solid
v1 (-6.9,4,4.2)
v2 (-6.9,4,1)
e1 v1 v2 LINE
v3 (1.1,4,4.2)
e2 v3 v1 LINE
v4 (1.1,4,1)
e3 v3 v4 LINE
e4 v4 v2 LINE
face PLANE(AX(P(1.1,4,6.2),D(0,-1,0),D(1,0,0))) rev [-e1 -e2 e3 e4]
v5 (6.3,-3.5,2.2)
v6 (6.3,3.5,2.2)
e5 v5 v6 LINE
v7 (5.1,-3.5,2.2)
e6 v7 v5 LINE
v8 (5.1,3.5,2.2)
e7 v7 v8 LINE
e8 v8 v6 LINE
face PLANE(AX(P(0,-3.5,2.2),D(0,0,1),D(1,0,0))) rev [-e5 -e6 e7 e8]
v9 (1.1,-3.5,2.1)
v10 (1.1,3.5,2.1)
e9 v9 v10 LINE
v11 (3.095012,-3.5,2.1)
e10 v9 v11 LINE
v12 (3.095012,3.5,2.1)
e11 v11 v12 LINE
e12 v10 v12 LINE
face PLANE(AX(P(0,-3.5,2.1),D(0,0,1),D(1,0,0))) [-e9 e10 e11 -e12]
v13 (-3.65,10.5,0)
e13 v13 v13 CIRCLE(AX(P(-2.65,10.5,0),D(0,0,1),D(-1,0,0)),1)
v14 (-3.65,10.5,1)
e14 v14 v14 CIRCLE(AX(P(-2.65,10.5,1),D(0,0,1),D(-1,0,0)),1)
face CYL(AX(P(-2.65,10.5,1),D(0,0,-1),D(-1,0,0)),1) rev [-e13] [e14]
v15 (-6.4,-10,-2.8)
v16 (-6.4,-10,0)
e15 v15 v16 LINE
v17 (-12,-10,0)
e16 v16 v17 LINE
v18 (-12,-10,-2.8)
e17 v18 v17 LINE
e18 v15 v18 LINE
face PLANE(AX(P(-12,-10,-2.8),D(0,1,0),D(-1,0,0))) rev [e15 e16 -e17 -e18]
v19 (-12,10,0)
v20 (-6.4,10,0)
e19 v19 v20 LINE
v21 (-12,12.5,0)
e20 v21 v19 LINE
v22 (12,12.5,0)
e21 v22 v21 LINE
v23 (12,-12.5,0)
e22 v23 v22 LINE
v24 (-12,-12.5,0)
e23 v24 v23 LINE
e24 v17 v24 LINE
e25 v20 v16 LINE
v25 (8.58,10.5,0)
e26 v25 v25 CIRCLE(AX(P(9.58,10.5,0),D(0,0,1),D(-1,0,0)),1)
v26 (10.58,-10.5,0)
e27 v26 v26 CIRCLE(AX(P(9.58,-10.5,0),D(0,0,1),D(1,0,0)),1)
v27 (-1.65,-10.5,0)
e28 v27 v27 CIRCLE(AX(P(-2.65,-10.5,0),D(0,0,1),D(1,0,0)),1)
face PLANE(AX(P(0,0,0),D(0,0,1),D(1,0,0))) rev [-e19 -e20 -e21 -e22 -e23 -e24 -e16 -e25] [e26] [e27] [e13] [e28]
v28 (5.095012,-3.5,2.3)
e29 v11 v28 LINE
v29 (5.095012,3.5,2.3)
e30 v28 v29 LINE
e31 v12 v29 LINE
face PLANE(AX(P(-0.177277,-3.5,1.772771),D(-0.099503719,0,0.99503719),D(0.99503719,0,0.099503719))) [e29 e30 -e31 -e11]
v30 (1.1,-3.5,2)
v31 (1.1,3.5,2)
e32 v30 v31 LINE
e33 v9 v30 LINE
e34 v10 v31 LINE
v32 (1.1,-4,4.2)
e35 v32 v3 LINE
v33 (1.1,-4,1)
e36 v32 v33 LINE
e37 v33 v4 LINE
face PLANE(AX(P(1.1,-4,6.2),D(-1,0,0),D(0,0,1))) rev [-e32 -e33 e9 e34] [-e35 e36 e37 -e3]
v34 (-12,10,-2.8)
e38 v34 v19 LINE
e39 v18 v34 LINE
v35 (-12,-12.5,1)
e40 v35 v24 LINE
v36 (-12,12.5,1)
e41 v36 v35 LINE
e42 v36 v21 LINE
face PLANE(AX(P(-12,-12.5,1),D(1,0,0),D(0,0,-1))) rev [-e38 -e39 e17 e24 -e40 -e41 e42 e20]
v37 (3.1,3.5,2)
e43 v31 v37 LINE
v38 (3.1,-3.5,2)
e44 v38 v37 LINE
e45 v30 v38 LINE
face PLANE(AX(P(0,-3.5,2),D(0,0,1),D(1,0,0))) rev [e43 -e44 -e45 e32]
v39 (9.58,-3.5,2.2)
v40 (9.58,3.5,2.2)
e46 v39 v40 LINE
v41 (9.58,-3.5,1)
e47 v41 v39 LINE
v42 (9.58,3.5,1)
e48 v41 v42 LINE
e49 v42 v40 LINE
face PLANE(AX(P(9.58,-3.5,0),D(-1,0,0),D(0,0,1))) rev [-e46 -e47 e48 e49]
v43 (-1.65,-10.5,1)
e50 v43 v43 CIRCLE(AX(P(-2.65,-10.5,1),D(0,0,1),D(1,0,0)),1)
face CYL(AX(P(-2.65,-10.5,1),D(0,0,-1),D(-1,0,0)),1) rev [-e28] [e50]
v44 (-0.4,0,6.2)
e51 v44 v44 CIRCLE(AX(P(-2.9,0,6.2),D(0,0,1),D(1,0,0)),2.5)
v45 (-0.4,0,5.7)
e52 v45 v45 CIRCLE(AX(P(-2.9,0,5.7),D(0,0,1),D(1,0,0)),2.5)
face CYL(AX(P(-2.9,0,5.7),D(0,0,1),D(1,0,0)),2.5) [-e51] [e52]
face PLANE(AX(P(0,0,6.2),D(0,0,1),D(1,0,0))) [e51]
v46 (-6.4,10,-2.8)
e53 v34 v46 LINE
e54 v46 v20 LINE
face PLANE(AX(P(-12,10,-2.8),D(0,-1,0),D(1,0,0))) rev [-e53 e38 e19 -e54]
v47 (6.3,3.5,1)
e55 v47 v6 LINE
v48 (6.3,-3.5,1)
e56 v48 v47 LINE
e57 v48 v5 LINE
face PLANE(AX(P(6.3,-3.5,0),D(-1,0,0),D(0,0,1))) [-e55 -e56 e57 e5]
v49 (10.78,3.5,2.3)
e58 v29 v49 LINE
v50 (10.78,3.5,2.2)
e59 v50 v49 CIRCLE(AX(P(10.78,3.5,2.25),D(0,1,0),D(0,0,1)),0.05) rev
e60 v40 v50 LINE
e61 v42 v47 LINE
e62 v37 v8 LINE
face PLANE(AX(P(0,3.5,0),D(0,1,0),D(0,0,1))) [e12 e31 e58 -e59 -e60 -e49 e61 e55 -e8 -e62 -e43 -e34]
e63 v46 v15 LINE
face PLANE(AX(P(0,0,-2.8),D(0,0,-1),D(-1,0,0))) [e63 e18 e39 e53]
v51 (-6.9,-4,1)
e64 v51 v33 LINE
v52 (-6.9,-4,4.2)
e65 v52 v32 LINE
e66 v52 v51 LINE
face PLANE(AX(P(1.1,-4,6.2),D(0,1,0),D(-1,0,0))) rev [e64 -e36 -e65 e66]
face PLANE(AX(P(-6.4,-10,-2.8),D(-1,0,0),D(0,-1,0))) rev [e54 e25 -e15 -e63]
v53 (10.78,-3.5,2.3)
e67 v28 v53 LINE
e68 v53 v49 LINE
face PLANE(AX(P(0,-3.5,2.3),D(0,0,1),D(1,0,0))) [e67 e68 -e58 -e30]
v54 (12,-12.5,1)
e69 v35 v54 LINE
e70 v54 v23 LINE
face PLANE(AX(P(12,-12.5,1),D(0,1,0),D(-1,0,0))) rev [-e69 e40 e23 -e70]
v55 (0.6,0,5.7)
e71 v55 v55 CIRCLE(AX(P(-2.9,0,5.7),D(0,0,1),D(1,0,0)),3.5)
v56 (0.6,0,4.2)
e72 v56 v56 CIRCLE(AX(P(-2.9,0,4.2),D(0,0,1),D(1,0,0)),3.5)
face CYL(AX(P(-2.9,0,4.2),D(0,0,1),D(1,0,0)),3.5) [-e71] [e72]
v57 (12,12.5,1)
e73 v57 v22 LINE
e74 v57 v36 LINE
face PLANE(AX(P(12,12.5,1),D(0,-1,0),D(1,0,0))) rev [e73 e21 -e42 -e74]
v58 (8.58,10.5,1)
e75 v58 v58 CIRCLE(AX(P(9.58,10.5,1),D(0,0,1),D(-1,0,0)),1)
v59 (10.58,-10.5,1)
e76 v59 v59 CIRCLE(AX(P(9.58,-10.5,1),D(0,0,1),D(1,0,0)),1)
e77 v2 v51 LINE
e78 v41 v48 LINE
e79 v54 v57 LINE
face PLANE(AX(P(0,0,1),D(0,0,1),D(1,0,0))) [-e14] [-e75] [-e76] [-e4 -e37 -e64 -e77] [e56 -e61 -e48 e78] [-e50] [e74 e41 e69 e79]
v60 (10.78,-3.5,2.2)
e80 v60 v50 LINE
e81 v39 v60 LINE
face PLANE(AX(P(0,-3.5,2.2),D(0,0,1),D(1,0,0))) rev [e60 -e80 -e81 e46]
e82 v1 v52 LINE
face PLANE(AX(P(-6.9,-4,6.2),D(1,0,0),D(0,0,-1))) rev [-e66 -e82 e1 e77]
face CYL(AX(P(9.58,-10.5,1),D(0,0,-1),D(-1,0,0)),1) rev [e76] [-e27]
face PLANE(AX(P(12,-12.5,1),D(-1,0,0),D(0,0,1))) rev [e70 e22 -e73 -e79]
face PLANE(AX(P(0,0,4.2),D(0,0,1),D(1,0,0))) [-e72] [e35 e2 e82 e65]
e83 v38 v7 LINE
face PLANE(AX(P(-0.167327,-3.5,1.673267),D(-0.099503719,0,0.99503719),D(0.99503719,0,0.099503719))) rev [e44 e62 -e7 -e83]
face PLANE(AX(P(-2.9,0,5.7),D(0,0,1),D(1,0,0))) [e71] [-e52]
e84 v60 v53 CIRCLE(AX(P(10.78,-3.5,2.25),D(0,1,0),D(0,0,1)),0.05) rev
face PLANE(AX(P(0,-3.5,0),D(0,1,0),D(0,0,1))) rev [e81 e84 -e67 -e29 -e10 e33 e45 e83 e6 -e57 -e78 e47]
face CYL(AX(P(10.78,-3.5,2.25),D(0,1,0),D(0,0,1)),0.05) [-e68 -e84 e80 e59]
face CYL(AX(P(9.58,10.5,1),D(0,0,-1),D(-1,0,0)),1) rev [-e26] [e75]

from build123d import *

# Parameters (mm, degrees)
CROQUIS1_W                   = 24
CROQUIS1_H                   = 25
CROQUIS1_R                   = 1
SALIENTE_EXTRUIR1_DEPTH      = 1
CROQUIS2_W                   = 8
CROQUIS2_H                   = 8
SALIENTE_EXTRUIR2_DEPTH      = 5.2
CROQUIS3_W                   = 8
CROQUIS3_H                   = 8
CROQUIS3_R                   = 3.5
CORTAR_EXTRUIR1_DEPTH        = 2
CROQUIS4_R                   = 3.5
CROQUIS4_R_2                 = 2.5
CORTAR_EXTRUIR2_DEPTH        = 0.5
SALIENTE_EXTRUIR3_DEPTH      = 3.5
SALIENTE_EXTRUIR3_DEPTH_BACK = 3.5
CROQUIS6_W                   = 5.6
CROQUIS6_H                   = 20
SALIENTE_EXTRUIR4_DEPTH      = 2.8


with BuildPart() as part:
    # Croquis1 → Saliente-Extruir1 (new body)
    with BuildSketch(Plane.XY):
        Rectangle(CROQUIS1_W, CROQUIS1_H)
        with Locations((9.58, -10.5)):
            Circle(CROQUIS1_R, mode=Mode.SUBTRACT)
        with Locations((-2.65, -10.5)):
            Circle(CROQUIS1_R, mode=Mode.SUBTRACT)
        with Locations(Location((9.58, 10.5, 0), (0, 0, 180))):
            Circle(CROQUIS1_R, mode=Mode.SUBTRACT)
        with Locations(Location((-2.65, 10.5, 0), (0, 0, 180))):
            Circle(CROQUIS1_R, mode=Mode.SUBTRACT)
    extrude(amount=SALIENTE_EXTRUIR1_DEPTH)

    # Croquis2 → Saliente-Extruir2 (add)
    with BuildSketch(Plane.XY.offset(1)):
        with Locations((-2.9, 0)):
            Rectangle(CROQUIS2_W, CROQUIS2_H)
    extrude(amount=SALIENTE_EXTRUIR2_DEPTH)

    # Croquis3 → Cortar-Extruir1 (cut)
    with BuildSketch(Plane.XY.offset(6.2)):
        with Locations((-2.9, 0)):
            Rectangle(CROQUIS3_W, CROQUIS3_H)
        with Locations((-2.9, 0)):
            Circle(CROQUIS3_R, mode=Mode.SUBTRACT)
    extrude(amount=-CORTAR_EXTRUIR1_DEPTH, mode=Mode.SUBTRACT)

    # Croquis4 → Cortar-Extruir2 (cut)
    with BuildSketch(Plane.XY.offset(6.2)):
        with Locations((-2.9, 0)):
            Circle(CROQUIS4_R)
        with Locations((-2.9, 0)):
            Circle(CROQUIS4_R_2, mode=Mode.SUBTRACT)
    extrude(amount=-CORTAR_EXTRUIR2_DEPTH, mode=Mode.SUBTRACT)

    # Croquis5 → Saliente-Extruir3 (add, two sides: drawn at the far end of the back side and taken through both)
    with BuildSketch(Plane(origin=(0, 0, 0), x_dir=(1, 0, 0), z_dir=(0, 1, 0)).offset(-SALIENTE_EXTRUIR3_DEPTH_BACK)):
        Polygon((8.58, -1), (6.3, -1), (6.3, -2.2), (9.58, -2.2), (9.58, -1), align=None)
        with BuildLine():
            Line((3.1, -2), (1.1, -2))
            Line((1.1, -2), (1.1, -2.1))
            Line((1.1, -2.1), (3.095012438, -2.1))
            Line((3.095012438, -2.1), (5.095012438, -2.3))
            Line((5.095012438, -2.3), (10.78, -2.3))
            ThreePointArc((10.78, -2.3), (10.83, -2.25), (10.78, -2.2))
            Line((10.78, -2.2), (9.58, -2.2))
            Line((9.58, -2.2), (6.3, -2.2))
            Line((6.3, -2.2), (5.1, -2.2))
            Line((5.1, -2.2), (3.1, -2))
        make_face()
    extrude(amount=SALIENTE_EXTRUIR3_DEPTH + SALIENTE_EXTRUIR3_DEPTH_BACK)

    # Croquis6 → Saliente-Extruir4 (add)
    with BuildSketch(Plane(origin=(0, 0, 0), x_dir=(-1, 0, 0), z_dir=(0, 0, -1))):
        with Locations((9.2, 0)):
            Rectangle(CROQUIS6_W, CROQUIS6_H)
    extrude(amount=SALIENTE_EXTRUIR4_DEPTH)


solid = part.part
